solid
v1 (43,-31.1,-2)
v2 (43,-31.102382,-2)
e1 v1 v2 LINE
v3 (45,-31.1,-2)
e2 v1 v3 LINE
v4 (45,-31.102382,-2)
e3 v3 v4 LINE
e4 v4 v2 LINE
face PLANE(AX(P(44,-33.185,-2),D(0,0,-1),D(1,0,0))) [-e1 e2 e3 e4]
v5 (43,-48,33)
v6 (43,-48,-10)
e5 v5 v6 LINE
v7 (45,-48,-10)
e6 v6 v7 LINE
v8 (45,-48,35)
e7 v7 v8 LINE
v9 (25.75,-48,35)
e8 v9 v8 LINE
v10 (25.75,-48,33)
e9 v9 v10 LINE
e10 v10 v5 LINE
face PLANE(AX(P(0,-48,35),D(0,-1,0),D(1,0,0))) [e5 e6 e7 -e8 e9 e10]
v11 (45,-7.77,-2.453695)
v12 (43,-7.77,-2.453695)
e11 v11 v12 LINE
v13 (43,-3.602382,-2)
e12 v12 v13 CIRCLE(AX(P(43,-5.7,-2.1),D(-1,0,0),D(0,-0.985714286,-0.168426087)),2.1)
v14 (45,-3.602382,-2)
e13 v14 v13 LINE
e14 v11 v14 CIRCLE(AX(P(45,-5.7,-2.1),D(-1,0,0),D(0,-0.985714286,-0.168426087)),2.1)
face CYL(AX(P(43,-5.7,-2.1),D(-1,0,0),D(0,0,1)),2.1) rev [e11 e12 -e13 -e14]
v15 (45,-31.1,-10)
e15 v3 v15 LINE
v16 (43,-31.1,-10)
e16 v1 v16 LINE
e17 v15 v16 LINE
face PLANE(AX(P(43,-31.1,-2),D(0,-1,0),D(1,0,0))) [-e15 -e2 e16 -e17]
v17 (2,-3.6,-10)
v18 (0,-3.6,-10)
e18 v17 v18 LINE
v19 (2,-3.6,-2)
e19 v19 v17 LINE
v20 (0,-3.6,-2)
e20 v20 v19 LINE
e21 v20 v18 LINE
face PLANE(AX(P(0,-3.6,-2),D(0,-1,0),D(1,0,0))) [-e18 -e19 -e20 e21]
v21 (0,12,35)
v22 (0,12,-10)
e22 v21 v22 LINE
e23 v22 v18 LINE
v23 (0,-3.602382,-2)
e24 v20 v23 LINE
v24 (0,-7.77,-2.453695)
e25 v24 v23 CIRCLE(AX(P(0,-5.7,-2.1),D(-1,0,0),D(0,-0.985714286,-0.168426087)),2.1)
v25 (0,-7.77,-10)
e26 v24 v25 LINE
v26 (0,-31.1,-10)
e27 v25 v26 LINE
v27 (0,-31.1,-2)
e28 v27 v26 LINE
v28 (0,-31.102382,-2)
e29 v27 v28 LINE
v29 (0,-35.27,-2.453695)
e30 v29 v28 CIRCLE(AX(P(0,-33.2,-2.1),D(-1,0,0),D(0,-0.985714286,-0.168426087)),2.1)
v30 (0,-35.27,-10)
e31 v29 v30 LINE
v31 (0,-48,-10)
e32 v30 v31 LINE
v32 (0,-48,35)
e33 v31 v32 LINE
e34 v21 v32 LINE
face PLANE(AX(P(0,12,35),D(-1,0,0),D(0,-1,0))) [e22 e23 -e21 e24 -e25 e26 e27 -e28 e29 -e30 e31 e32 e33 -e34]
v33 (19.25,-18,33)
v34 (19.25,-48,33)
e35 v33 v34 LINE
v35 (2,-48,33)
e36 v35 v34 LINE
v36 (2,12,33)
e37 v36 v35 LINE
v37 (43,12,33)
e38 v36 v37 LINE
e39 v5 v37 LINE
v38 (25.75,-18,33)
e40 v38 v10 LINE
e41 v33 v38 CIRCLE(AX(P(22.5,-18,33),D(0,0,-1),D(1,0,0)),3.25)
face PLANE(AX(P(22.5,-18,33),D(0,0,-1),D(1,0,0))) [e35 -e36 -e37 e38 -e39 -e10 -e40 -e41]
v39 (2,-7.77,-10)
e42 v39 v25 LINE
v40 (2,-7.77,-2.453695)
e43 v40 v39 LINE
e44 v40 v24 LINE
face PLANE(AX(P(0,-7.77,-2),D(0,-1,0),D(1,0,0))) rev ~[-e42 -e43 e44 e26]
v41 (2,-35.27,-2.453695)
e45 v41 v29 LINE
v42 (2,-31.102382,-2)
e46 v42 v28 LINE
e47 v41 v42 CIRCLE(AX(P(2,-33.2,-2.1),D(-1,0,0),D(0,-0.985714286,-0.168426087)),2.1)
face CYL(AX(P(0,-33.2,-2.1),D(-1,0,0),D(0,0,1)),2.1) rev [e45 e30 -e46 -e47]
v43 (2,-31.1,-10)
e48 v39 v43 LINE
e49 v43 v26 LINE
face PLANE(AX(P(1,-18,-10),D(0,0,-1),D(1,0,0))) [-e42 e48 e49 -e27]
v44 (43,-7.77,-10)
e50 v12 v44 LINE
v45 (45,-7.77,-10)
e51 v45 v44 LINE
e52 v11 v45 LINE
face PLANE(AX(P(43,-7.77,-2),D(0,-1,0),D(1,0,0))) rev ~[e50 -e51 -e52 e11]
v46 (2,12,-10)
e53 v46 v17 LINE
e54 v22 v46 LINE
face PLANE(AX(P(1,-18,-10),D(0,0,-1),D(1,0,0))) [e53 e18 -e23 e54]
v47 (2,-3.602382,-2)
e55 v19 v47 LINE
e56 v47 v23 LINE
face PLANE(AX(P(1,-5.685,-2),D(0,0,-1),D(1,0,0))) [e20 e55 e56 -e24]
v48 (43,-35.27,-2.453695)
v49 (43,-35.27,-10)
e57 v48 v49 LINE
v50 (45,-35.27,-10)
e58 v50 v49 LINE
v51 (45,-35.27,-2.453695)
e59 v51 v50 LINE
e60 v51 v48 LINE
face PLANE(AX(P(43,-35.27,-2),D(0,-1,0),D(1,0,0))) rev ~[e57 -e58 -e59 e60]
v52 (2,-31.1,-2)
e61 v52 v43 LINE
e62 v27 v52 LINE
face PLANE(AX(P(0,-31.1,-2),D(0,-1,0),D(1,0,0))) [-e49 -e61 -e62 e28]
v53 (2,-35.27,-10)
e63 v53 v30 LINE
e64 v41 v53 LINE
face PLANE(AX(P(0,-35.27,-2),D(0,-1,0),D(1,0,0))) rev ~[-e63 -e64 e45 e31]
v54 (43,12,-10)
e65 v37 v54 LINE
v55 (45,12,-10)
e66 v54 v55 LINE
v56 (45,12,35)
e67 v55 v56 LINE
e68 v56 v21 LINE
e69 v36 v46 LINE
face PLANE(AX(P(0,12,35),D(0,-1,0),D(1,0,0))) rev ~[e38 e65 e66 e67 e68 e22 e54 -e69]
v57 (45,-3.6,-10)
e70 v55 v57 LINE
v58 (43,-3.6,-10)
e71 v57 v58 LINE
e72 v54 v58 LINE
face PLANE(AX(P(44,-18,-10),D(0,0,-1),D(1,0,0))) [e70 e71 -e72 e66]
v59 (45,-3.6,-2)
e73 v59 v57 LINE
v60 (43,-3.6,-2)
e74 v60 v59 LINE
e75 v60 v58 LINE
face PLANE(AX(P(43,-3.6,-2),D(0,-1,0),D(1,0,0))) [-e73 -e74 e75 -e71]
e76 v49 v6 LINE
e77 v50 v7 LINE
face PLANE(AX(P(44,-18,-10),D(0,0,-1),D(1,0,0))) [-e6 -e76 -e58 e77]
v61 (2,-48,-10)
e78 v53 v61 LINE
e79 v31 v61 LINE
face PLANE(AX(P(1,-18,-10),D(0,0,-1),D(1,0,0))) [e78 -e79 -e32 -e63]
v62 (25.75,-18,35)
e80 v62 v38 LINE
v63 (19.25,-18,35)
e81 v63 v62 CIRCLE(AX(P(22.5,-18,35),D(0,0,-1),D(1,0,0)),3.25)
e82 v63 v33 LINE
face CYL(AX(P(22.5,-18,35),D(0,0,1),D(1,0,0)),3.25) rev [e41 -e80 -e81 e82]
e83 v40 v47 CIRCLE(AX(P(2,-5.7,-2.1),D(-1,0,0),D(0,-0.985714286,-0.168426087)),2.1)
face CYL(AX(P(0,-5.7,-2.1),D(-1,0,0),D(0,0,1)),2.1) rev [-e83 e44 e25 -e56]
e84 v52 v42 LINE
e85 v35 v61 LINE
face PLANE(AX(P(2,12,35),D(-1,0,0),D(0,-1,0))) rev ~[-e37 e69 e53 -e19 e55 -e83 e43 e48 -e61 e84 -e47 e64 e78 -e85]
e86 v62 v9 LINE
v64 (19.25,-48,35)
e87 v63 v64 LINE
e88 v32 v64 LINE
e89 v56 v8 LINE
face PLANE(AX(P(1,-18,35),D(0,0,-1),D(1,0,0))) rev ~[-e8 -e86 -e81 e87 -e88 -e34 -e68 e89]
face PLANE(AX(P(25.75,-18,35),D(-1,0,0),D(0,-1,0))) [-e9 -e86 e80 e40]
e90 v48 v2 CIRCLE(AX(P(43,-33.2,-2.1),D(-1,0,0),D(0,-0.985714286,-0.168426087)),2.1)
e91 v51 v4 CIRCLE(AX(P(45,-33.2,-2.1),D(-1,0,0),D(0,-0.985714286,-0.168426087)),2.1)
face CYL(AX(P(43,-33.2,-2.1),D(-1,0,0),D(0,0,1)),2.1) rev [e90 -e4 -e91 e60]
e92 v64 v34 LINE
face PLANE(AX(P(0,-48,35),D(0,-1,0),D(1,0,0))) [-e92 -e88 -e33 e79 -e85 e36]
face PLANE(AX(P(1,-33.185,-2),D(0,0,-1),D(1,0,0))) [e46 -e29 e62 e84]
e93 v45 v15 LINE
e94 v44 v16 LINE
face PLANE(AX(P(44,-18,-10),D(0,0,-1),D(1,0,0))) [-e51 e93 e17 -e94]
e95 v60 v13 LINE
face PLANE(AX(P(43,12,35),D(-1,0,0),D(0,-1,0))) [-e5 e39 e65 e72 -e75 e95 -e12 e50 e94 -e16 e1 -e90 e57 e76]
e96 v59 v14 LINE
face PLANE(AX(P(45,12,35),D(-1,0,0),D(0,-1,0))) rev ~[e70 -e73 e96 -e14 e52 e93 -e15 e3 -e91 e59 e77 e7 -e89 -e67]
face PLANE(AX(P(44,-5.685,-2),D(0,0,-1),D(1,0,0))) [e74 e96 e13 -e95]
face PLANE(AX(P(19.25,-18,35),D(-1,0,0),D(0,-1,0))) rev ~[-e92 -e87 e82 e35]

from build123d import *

# Parameters (mm, degrees)
BOX006_W                = 2
BOX006_H                = 4.17
BOX006_DEPTH            = 13
ARRAY003_X_COUNT        = 2
ARRAY003_X_PITCH        = 43
ARRAY003_Y_COUNT        = 2
ARRAY003_Y_PITCH        = 27.5
CYLINDER002_R           = 2.1
CYLINDER002_DEPTH       = 2
CYLINDER002_PITCH_ANGLE = 90
ARRAY002_X_COUNT        = 2
ARRAY002_X_PITCH        = 43
ARRAY002_Y_COUNT        = 2
ARRAY002_Y_PITCH        = 27.5
CYLINDER003_R           = 3.25
CYLINDER003_DEPTH       = 2
BOX007_W                = 6.5
BOX007_H                = 36
BOX007_DEPTH            = 2
BOX003_W                = 45
BOX003_H                = 60
BOX003_DEPTH            = 2
BOX005_W                = 2
BOX005_H                = 60
BOX005_DEPTH            = 45
BOX004_W                = 2
BOX004_H                = 60
BOX004_DEPTH            = 45
CUT003_PLACEMENT_ANGLE  = 180


with BuildPart() as array003:
    # Box006 → Box006 (new body)
    with BuildSketch(Plane(origin=(0, 15.6, 37), x_dir=(1, 0, 0), z_dir=(0, 0, 1))):
        with Locations((1, 2.085)):
            Rectangle(BOX006_W, BOX006_H)
    extrude(amount=BOX006_DEPTH)

    # Array003 X: Array003 ×2


with BuildPart() as array003_1:
    add(array003.part)
    with Locations(*[(i * ARRAY003_X_PITCH, 0, 0) for i in range(1, ARRAY003_X_COUNT)]):
        add(array003.part)

    # Array003 Y: Array003 ×2


with BuildPart() as array003_2:
    add(array003_1.part)
    with Locations(*[(0, i * ARRAY003_Y_PITCH, 0) for i in range(1, ARRAY003_Y_COUNT)]):
        add(array003_1.part)


with BuildPart() as fusion003:
    # Cylinder002 → Cylinder002 (new body)
    with BuildSketch(Plane.XY):
        Circle(CYLINDER002_R)
    extrude(amount=CYLINDER002_DEPTH)


with BuildPart() as fusion003_1:
    # Cylinder002 pitch: moved
    add(fusion003.part.rotate(Axis((0, 0, 0), (0, 1, 0)), CYLINDER002_PITCH_ANGLE))


with BuildPart() as fusion003_2:
    # Cylinder002 placement: moved
    add(fusion003_1.part.moved(Location((0, 17.7, 37.1))))

    # Array002 X: Fusion003 ×2


with BuildPart() as fusion003_3:
    add(fusion003_2.part)
    with Locations(*[(i * ARRAY002_X_PITCH, 0, 0) for i in range(1, ARRAY002_X_COUNT)]):
        add(fusion003_2.part)

    # Array002 Y: Fusion003 ×2


with BuildPart() as fusion003_4:
    add(fusion003_3.part)
    with Locations(*[(0, i * ARRAY002_Y_PITCH, 0) for i in range(1, ARRAY002_Y_COUNT)]):
        add(fusion003_3.part)

    # Fusion003: union Array003
    add(array003_2.part)


with BuildPart() as cilindro003:
    # Cylinder003 → Cylinder003 (new body)
    with BuildSketch(Plane(origin=(22.5, 30, 0), x_dir=(1, 0, 0), z_dir=(0, 0, 1))):
        Circle(CYLINDER003_R)
    extrude(amount=CYLINDER003_DEPTH)


with BuildPart() as fusion004:
    # Box007 → Box007 (new body)
    with BuildSketch(Plane(origin=(19.25, 30, 0), x_dir=(1, 0, 0), z_dir=(0, 0, 1))):
        with Locations((3.25, 18)):
            Rectangle(BOX007_W, BOX007_H)
    extrude(amount=BOX007_DEPTH)

    # Fusion002: union Cilindro003
    add(cilindro003.part)

    # Fusion004: union Fusion003
    add(fusion003_4.part)


with BuildPart() as pared_inferior:
    # Box003 → Box003 (new body)
    with BuildSketch(Plane.XY):
        with Locations((22.5, 30)):
            Rectangle(BOX003_W, BOX003_H)
    extrude(amount=BOX003_DEPTH)


with BuildPart() as pared_izquierda:
    # Box005 → Box005 (new body)
    with BuildSketch(Plane(origin=(43, 0, 0), x_dir=(1, 0, 0), z_dir=(0, 0, 1))):
        with Locations((1, 30)):
            Rectangle(BOX005_W, BOX005_H)
    extrude(amount=BOX005_DEPTH)


with BuildPart() as sujeccion_superior_brazo:
    # Box004 → Box004 (new body)
    with BuildSketch(Plane.XY):
        with Locations((1, 30)):
            Rectangle(BOX004_W, BOX004_H)
    extrude(amount=BOX004_DEPTH)

    # Fusion001: union pared inferior, pared izquierda
    add(pared_inferior.part)
    add(pared_izquierda.part)

    # Cut003: cut Fusion004
    add(fusion004.part, mode=Mode.SUBTRACT)


with BuildPart() as sujeccion_superior_brazo_1:
    # Cut003 placement: moved
    add(sujeccion_superior_brazo.part.moved(Location((0, 12, 35))).rotate(Axis((0, 12, 35), (1, 0, 0)), CUT003_PLACEMENT_ANGLE))


solid = sujeccion_superior_brazo_1.part
